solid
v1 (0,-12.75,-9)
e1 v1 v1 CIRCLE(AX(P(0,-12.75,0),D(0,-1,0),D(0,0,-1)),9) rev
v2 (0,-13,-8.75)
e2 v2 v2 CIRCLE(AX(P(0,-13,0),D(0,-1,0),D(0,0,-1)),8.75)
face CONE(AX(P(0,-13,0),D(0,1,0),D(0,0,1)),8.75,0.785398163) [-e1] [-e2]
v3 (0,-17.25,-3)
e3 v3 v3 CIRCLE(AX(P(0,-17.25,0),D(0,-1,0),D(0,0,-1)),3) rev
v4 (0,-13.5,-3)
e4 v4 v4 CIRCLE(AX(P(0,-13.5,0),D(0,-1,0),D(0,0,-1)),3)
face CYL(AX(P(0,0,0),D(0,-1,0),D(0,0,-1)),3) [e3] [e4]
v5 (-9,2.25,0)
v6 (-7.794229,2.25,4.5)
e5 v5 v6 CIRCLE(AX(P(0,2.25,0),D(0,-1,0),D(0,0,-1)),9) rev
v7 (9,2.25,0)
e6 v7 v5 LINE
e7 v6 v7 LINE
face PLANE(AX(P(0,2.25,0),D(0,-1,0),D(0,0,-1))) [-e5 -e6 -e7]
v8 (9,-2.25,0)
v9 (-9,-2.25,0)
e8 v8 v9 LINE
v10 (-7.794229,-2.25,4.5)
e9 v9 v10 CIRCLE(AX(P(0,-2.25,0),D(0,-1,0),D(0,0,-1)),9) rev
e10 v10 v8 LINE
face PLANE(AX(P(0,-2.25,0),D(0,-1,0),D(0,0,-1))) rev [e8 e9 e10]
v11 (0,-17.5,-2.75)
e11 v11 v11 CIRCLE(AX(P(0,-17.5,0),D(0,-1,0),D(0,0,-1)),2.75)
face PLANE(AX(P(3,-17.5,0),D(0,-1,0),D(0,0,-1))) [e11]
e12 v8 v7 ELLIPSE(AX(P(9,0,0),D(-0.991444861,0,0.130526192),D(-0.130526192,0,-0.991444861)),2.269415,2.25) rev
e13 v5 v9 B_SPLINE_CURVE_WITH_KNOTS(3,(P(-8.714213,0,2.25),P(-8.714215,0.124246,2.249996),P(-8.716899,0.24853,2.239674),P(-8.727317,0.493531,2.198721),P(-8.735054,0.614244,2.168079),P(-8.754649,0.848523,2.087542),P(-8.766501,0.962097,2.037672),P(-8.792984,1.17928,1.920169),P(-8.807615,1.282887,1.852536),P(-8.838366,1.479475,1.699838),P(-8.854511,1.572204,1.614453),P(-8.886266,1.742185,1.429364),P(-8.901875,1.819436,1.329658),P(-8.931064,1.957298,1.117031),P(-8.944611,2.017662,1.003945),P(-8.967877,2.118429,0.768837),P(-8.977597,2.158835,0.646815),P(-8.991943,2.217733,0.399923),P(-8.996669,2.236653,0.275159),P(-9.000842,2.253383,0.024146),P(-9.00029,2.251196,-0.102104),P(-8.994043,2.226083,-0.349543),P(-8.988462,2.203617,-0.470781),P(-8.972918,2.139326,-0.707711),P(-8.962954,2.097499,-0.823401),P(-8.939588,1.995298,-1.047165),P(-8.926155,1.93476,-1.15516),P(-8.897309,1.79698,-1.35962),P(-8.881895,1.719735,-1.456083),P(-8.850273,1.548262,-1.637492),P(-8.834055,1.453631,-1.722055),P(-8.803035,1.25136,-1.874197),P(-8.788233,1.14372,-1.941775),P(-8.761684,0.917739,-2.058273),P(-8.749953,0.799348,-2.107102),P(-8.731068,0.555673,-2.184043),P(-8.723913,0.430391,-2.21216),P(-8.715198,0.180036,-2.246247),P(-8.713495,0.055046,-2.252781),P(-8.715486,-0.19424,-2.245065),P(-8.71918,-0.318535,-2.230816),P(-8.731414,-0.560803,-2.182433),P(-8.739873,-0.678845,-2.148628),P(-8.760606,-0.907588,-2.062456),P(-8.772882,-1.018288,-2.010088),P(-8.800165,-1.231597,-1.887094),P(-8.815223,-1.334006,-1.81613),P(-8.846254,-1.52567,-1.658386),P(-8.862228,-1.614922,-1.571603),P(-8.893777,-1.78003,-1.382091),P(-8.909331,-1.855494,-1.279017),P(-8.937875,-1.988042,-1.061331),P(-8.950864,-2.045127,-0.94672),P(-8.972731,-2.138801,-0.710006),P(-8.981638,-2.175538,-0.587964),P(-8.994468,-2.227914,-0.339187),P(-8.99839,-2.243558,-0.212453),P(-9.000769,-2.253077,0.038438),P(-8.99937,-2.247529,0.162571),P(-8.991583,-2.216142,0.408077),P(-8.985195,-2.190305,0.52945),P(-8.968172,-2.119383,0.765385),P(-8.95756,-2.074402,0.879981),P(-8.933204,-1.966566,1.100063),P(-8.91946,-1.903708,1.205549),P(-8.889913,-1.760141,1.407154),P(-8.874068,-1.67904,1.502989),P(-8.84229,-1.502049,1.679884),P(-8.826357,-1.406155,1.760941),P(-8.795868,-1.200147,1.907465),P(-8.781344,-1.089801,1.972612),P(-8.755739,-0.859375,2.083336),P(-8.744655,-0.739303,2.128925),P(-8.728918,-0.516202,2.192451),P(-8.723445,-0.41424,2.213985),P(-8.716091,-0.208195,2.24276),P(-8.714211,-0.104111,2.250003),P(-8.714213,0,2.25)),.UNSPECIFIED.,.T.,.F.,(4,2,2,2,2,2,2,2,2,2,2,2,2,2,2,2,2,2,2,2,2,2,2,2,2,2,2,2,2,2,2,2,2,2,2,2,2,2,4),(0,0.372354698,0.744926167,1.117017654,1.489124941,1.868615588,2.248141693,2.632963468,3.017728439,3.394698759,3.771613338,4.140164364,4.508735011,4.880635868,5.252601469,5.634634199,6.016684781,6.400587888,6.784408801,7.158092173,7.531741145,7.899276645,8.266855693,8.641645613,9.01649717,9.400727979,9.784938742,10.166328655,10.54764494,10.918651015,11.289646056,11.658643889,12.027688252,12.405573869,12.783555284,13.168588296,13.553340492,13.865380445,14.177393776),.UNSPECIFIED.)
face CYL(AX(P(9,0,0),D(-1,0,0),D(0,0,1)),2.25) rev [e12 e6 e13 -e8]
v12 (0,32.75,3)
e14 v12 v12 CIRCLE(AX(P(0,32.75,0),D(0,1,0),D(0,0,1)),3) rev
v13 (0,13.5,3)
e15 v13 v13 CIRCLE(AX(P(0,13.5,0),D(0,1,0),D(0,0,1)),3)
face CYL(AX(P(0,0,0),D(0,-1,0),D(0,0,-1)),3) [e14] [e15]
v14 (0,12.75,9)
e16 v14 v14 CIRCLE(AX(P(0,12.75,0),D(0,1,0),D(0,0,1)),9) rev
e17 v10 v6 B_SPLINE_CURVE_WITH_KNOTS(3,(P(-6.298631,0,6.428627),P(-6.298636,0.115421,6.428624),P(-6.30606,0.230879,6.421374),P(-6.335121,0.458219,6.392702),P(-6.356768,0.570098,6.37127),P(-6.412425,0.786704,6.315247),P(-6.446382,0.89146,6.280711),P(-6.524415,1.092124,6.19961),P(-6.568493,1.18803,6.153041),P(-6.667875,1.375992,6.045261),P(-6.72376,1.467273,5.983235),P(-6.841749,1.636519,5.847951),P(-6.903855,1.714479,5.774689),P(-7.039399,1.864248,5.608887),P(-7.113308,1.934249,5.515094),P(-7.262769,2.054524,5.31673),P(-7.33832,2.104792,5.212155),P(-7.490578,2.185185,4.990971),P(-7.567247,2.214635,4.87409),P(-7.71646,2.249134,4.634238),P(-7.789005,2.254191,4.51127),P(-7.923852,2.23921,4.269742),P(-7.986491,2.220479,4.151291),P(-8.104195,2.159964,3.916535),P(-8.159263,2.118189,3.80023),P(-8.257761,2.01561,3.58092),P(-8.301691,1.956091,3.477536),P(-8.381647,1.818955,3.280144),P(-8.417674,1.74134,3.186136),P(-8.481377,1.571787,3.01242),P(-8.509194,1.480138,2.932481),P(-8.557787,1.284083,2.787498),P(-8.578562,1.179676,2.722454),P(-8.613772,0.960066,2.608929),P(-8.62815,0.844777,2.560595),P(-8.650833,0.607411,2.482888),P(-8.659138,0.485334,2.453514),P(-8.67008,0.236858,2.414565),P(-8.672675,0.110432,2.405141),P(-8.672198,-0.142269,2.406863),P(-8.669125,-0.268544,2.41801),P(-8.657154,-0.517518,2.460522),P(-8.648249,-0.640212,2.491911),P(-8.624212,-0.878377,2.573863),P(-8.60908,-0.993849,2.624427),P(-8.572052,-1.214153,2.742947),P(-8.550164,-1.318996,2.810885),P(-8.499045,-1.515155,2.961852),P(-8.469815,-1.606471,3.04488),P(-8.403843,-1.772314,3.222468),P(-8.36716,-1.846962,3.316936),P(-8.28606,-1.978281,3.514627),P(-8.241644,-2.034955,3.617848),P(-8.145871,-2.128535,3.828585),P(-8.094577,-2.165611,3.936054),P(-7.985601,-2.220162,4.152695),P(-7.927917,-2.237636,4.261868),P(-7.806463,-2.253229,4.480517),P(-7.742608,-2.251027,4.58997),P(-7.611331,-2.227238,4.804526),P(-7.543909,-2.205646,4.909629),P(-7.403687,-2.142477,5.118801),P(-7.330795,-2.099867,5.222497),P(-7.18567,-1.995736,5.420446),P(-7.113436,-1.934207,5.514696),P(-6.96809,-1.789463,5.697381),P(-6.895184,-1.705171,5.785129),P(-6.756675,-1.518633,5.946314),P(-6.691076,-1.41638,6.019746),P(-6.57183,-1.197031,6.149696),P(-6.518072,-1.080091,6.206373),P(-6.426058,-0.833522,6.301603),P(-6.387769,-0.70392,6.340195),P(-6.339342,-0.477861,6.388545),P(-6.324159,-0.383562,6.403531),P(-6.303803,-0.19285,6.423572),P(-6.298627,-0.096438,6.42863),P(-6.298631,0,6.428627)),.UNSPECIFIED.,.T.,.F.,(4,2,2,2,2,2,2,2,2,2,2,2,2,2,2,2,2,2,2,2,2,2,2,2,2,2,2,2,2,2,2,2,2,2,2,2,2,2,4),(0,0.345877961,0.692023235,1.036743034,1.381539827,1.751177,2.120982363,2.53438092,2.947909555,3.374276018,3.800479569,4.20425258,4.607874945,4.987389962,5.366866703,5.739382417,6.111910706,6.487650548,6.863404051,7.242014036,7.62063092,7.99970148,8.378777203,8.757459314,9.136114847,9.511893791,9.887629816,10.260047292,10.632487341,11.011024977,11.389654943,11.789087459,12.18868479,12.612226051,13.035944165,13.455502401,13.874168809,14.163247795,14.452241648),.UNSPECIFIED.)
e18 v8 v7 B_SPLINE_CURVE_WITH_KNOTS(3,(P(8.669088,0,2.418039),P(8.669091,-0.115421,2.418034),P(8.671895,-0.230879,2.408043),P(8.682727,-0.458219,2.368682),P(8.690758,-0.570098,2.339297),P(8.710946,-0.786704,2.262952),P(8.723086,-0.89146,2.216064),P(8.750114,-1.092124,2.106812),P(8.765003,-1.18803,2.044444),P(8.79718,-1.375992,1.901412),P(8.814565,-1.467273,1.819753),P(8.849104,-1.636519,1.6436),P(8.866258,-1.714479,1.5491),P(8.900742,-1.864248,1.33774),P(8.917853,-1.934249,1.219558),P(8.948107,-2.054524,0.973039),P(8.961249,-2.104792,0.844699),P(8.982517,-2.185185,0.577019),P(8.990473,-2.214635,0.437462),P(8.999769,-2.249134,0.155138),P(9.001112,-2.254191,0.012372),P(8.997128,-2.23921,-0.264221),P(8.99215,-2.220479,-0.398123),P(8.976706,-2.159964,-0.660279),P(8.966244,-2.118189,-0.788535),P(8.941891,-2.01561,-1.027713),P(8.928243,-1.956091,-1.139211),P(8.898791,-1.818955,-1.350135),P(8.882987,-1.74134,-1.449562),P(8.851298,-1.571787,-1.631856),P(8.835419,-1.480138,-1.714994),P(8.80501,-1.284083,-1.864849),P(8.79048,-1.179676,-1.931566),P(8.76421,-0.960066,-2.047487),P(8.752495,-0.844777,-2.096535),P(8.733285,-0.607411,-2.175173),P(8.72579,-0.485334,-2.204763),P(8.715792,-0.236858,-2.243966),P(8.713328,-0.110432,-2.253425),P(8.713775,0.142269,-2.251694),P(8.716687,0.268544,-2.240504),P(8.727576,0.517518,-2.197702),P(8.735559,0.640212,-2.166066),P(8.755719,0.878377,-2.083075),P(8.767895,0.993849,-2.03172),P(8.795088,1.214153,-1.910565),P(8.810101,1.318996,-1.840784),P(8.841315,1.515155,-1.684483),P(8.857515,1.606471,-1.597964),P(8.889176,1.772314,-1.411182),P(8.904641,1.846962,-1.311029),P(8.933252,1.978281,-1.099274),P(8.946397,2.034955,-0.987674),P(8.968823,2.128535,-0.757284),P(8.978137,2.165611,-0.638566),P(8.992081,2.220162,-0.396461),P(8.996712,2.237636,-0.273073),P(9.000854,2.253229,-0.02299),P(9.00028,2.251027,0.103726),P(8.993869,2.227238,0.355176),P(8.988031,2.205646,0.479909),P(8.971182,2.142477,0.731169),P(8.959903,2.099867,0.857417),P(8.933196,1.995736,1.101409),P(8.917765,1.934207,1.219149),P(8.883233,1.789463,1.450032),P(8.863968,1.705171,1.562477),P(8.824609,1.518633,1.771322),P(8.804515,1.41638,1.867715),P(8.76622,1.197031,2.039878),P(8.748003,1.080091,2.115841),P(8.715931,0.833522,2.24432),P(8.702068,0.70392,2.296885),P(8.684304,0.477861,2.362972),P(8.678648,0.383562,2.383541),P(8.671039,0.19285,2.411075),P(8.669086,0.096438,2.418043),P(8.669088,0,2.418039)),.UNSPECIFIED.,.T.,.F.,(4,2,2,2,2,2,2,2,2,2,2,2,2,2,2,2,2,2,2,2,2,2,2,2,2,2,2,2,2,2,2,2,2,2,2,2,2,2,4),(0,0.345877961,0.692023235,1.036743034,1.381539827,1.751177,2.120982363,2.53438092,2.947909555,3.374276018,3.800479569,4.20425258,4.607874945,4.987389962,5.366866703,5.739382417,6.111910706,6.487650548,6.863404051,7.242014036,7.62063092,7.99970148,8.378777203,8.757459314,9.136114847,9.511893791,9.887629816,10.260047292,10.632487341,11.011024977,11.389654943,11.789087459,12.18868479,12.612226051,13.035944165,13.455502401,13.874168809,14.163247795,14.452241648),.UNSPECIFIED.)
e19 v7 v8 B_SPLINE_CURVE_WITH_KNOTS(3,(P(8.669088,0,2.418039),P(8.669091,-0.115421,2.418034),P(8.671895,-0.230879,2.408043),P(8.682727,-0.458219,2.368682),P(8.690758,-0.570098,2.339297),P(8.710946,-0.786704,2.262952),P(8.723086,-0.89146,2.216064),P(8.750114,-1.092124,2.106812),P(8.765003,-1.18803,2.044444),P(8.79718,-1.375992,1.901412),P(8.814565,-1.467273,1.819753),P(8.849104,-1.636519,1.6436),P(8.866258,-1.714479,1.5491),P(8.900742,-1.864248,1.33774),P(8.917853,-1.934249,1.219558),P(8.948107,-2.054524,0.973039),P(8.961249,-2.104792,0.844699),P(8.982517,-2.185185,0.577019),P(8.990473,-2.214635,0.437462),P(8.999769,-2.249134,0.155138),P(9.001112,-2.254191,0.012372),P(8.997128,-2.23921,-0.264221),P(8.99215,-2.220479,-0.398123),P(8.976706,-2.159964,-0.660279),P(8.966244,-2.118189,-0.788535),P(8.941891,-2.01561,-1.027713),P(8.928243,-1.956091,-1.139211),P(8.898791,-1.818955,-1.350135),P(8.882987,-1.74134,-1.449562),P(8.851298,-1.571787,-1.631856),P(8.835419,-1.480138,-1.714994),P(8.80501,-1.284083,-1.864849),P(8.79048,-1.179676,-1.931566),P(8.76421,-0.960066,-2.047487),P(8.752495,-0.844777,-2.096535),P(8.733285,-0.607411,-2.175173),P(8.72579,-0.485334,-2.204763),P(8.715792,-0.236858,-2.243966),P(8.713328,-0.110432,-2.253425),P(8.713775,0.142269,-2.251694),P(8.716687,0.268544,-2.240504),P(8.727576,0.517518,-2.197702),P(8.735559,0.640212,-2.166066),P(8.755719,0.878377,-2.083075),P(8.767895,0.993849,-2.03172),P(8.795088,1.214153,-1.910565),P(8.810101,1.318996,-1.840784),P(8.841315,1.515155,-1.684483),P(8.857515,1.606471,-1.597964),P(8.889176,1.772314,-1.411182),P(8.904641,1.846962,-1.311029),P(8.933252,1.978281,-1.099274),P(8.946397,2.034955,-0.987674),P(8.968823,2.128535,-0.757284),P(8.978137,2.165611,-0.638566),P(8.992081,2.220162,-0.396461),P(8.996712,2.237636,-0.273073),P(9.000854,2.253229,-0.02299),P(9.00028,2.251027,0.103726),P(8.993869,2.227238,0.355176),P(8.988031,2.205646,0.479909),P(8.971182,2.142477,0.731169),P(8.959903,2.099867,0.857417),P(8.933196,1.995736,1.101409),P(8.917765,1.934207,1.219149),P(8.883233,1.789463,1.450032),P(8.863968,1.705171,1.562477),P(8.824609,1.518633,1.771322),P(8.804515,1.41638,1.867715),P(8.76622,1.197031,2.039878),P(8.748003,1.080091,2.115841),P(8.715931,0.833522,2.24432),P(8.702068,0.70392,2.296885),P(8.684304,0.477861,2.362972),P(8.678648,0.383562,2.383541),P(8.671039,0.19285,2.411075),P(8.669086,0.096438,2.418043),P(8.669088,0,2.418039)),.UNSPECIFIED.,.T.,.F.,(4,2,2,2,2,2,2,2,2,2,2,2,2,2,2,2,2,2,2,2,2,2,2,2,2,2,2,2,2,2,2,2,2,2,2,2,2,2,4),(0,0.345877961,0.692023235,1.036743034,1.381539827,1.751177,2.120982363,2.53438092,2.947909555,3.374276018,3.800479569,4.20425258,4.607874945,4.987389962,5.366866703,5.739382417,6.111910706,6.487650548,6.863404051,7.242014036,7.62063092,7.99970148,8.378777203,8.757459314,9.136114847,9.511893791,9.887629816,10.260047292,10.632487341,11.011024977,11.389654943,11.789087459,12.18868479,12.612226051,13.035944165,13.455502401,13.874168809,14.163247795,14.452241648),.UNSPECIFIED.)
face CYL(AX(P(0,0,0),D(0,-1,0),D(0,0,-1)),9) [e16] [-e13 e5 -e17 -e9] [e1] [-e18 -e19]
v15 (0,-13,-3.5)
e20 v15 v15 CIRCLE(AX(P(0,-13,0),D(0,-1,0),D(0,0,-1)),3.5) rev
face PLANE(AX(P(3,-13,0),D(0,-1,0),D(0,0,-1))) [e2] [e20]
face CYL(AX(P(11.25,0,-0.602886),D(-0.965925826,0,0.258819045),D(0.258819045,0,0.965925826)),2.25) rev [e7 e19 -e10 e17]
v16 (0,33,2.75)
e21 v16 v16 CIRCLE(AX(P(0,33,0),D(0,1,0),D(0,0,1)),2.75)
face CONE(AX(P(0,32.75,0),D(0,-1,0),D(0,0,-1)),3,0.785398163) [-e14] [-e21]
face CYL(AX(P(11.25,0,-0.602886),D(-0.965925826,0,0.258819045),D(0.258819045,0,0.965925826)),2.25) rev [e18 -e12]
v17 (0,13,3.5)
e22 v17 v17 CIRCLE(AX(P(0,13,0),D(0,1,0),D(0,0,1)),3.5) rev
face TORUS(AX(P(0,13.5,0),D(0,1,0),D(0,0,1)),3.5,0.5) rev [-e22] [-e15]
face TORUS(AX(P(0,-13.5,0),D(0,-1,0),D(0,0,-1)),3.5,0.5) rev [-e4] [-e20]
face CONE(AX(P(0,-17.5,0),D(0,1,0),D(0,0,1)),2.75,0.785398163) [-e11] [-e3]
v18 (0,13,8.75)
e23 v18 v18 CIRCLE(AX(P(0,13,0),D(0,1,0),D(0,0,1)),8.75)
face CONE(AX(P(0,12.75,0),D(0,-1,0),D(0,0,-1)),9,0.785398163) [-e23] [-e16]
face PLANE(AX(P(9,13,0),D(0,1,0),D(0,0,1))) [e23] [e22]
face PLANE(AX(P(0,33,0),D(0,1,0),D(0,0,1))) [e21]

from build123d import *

# Parameters (mm, degrees)
ESBO_O2_R                  = 2.25
CORTE_EXTRUS_O2_DEPTH      = 19
ESBO_O7_R                  = 2.25
CORTE_EXTRUS_O6_DEPTH      = 3.329371528
CORTE_EXTRUS_O6_DEPTH_BACK = 20.716036402
CUT_EXTRUDE1_DEPTH         = 2.25
FILLET1_R                  = 0.5
CHAMFER1_SIZE              = 0.25
CHAMFER4_SIZE              = 0.25


with BuildPart() as part:
    # Esboço1 → Revolução1 (revolve)
    with BuildSketch(Plane.XY):
        Polygon((0, 33), (3, 33), (3, 13), (9, 13), (9, -13), (3, -13), (3, -17.5), (0, -17.5), (0, 0), align=None)
    revolve(axis=Axis((0, 0, 0), (0, 1, 0)))

    # Esboço2 → Corte-extrusão2 (cut, through all)
    with BuildSketch(Plane.ZY.offset(9)):
        Circle(ESBO_O2_R)
    extrude(amount=-CORTE_EXTRUS_O2_DEPTH, mode=Mode.SUBTRACT)

    # Esboço7 → Corte-extrusão6 (cut, two sides)
    with BuildSketch(Plane(origin=(-7.794228634, 0, 4.5), x_dir=(0.258819045, 0, 0.965925826), z_dir=(-0.965925826, 0, 0.258819045))) as corte_extrus_o6_sk:
        Circle(ESBO_O7_R)
    extrude(amount=CORTE_EXTRUS_O6_DEPTH, mode=Mode.SUBTRACT)
    extrude(corte_extrus_o6_sk.sketch, amount=-CORTE_EXTRUS_O6_DEPTH_BACK, mode=Mode.SUBTRACT)

    # Sketch1 → Cut-Extrude1 (cut, symmetric)
    with BuildSketch(Plane(origin=(0, 0, 0), x_dir=(1, 0, 0), z_dir=(0, 1, 0))):
        Polygon((9, 0), (-10.844388007, 0), (-10.42876147, -5.205920946), align=None)
    extrude(amount=CUT_EXTRUDE1_DEPTH, both=True, mode=Mode.SUBTRACT)

    # Fillet1
    fillet1_edges = [part.edges().sort_by_distance(p)[0] for p in [
        (-3, -13, 0),
        (-3, 13, 0),
    ]]
    fillet(fillet1_edges, radius=FILLET1_R)

    # Chamfer1
    chamfer1_edges = [part.edges().sort_by_distance(p)[0] for p in [
        (-3, -17.5, 0),
        (-3, 33, 0),
    ]]
    chamfer(chamfer1_edges, length=CHAMFER1_SIZE)

    # Chamfer4
    chamfer4_edges = [part.edges().sort_by_distance(p)[0] for p in [
        (-9, -13, 0),
        (-9, 13, 0),
    ]]
    chamfer(chamfer4_edges, length=CHAMFER4_SIZE)


solid = part.part
